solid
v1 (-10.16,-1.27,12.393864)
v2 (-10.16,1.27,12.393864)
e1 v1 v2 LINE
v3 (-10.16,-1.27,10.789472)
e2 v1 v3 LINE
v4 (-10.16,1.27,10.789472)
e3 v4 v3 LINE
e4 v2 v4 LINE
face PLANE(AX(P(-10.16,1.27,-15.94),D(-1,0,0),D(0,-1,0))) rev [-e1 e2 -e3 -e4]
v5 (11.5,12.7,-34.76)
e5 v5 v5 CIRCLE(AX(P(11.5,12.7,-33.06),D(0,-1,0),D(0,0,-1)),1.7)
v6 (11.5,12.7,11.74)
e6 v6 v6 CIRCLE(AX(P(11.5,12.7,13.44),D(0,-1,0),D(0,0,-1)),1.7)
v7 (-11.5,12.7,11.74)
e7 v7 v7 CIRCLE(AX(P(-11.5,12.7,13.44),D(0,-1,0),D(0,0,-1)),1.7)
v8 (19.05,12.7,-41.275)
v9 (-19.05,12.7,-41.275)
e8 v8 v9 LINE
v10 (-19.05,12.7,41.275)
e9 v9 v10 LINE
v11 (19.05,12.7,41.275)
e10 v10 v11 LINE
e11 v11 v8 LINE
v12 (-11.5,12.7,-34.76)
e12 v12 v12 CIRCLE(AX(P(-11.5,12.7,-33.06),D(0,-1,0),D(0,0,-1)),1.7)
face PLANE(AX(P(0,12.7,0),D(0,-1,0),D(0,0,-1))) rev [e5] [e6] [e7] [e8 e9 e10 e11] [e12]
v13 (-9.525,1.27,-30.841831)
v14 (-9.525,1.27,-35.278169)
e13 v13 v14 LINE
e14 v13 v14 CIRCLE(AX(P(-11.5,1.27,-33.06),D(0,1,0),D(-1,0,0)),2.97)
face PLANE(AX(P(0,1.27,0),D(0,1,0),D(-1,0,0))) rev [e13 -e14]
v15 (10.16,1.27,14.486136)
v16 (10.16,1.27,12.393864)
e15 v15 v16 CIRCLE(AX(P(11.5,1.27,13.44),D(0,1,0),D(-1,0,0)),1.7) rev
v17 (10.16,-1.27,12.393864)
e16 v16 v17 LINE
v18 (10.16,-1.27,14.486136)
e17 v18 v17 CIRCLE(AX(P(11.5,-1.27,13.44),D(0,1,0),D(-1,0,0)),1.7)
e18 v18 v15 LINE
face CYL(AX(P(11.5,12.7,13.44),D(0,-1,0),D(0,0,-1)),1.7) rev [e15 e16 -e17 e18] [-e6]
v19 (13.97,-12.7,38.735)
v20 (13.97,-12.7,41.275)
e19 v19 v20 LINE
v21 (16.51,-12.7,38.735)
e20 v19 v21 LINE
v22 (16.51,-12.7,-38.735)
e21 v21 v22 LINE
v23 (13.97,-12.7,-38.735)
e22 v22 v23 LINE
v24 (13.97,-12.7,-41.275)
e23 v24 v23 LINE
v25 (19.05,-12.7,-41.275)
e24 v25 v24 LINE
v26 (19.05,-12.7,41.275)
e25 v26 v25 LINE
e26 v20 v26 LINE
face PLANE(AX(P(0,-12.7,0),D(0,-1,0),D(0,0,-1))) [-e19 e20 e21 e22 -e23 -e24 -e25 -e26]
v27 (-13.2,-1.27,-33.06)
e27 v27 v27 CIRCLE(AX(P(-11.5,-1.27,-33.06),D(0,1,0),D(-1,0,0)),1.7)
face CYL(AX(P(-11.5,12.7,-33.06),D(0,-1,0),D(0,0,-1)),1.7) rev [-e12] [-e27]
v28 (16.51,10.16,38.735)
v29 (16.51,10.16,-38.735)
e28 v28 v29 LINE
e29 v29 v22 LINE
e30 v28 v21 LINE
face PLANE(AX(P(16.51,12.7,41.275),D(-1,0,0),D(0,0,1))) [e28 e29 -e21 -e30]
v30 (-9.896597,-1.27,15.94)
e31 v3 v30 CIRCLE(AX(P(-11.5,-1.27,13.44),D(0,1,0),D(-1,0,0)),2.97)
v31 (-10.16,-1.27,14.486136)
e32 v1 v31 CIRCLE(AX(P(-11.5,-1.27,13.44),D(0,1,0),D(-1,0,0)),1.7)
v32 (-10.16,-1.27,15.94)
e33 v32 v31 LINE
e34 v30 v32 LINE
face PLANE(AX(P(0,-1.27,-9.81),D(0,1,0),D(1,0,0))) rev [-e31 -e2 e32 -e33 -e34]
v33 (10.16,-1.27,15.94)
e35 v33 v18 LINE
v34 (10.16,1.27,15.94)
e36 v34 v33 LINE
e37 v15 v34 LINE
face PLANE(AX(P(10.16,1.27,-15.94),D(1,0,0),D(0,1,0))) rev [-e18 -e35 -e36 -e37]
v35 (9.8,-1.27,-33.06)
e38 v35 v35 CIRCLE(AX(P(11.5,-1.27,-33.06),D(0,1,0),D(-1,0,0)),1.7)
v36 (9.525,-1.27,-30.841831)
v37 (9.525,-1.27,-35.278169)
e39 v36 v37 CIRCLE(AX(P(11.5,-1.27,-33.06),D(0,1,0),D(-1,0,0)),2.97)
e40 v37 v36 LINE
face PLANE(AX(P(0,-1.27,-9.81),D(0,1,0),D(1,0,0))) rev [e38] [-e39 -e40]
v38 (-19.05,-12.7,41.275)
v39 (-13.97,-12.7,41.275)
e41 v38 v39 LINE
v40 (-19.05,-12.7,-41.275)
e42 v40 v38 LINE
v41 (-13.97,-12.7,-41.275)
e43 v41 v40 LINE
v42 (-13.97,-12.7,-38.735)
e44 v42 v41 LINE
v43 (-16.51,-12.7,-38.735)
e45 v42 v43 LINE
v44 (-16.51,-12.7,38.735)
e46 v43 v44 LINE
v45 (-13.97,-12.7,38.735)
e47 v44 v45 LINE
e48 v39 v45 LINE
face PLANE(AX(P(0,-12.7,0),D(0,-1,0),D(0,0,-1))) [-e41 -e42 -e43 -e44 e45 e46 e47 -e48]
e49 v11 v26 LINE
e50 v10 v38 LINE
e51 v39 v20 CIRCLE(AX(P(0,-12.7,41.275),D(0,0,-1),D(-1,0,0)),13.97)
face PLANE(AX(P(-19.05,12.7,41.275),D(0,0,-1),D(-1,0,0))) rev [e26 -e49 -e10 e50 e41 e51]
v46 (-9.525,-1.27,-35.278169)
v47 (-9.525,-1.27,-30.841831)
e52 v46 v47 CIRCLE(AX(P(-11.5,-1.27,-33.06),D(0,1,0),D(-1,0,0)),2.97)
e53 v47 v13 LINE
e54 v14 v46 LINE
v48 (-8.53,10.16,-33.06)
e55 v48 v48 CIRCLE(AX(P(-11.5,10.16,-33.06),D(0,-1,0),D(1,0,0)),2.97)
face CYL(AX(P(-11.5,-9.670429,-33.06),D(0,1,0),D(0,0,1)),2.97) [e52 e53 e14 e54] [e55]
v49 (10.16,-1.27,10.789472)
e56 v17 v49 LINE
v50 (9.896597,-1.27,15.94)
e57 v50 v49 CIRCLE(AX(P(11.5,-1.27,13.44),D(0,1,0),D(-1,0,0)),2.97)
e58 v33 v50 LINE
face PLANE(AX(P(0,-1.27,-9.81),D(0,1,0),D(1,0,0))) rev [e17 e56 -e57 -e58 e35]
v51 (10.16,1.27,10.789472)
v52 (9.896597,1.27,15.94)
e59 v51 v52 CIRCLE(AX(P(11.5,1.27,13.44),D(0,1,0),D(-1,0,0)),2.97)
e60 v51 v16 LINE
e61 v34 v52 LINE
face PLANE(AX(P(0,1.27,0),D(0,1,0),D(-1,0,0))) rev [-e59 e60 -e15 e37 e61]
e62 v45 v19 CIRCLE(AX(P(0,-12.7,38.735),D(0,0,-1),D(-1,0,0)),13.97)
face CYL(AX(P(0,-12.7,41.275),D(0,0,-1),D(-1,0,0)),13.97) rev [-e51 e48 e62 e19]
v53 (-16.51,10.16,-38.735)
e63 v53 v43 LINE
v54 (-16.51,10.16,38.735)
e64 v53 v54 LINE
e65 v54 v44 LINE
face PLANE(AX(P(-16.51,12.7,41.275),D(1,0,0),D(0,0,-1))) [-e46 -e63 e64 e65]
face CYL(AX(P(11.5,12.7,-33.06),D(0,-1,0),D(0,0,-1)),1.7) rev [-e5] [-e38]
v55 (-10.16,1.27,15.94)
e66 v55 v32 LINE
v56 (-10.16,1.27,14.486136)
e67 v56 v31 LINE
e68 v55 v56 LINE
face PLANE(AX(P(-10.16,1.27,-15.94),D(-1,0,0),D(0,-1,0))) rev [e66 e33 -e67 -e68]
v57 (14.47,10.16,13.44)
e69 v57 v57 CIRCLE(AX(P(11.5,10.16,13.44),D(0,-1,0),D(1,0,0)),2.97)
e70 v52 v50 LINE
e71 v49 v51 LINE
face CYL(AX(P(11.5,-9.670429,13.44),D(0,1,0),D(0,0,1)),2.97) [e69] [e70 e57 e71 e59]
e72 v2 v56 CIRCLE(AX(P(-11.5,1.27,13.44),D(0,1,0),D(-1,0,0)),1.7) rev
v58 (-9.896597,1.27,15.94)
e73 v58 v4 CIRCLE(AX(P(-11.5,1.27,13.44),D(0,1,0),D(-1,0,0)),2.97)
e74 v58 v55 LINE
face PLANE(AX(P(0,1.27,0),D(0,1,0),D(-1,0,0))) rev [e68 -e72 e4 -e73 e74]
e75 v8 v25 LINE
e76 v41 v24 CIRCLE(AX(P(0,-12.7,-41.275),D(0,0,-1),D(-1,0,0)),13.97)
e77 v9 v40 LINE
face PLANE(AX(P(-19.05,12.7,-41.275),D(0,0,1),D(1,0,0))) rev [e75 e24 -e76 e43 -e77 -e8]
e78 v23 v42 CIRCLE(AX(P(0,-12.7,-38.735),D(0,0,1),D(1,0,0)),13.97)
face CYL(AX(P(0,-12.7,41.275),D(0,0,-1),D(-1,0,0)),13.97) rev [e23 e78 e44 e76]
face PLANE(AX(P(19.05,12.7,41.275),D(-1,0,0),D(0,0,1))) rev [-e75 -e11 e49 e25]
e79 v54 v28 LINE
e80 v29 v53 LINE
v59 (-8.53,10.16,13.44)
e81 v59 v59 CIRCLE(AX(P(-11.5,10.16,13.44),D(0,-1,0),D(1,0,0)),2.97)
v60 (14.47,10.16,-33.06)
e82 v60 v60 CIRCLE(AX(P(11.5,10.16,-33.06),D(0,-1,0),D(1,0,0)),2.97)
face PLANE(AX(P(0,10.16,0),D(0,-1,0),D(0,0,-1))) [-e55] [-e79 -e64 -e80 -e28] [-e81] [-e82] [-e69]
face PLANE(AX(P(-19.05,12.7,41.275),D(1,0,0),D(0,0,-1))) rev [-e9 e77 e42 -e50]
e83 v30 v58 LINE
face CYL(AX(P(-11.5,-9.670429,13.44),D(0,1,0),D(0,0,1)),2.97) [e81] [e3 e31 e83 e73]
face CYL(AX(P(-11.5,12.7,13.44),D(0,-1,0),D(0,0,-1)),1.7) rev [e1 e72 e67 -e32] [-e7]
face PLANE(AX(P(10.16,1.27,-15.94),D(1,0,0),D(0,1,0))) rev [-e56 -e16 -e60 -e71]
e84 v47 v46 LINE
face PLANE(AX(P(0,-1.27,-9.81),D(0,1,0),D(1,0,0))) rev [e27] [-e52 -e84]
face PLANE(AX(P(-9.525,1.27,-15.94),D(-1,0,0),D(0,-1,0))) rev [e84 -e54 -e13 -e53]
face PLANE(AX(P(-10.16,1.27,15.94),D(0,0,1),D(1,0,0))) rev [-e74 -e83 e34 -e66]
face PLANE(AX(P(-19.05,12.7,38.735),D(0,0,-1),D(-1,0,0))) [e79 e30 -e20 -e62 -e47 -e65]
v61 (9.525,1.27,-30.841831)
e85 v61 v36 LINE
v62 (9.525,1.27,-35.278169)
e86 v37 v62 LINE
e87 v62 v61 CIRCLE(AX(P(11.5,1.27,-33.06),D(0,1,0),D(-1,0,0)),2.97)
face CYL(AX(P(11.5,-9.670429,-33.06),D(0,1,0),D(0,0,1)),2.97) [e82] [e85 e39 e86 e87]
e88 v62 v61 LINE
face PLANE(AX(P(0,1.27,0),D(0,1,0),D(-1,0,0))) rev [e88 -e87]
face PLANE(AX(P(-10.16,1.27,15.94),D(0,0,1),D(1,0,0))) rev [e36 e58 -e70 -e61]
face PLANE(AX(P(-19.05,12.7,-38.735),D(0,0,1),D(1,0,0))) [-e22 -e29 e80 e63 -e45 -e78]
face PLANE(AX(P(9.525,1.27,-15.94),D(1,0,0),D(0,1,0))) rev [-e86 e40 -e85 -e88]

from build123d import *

# Parameters (mm, degrees)
SKETCH1_W           = 38.1
SKETCH1_H           = 82.55
BOSS_EXTRUDE1_DEPTH = 12.7
SHELL1_T            = -2.54
SKETCH2_R           = 13.97
CUT_EXTRUDE1_DEPTH  = 86.666183527
SKETCH3_R           = 1.7
CUT_EXTRUDE2_DEPTH  = 51.883275494
EXTRUDE_THIN1_START = 11.43
SKETCH4_R           = 2.97
SKETCH4_R_2         = 1.7
EXTRUDE_THIN1_DEPTH = 11.43
CUT_EXTRUDE3_DEPTH  = 2.54


with BuildPart() as part:
    # Sketch1 → Boss-Extrude1 (new, symmetric)
    with BuildSketch(Plane(origin=(0, 0, 0), x_dir=(1, 0, 0), z_dir=(0, 1, 0))):
        Rectangle(SKETCH1_W, SKETCH1_H)
    extrude(amount=BOSS_EXTRUDE1_DEPTH, both=True)

    # Shell1
    shell1_openings = [part.faces().sort_by_distance(p)[0] for p in [
        (0, -12.7, 0),
    ]]
    offset(amount=SHELL1_T, openings=shell1_openings, kind=Kind.INTERSECTION)

    # Sketch2 → Cut-Extrude1 (cut, through all)
    with BuildSketch(Plane(origin=(0, 0, -41.275), x_dir=(-1, 0, 0), z_dir=(0, 0, -1))):
        with Locations((0, -12.7)):
            Circle(SKETCH2_R)
    extrude(amount=-CUT_EXTRUDE1_DEPTH, mode=Mode.SUBTRACT)

    # Sketch3 → Cut-Extrude2 (cut, through all)
    with BuildSketch(Plane.XZ.offset(-10.16)):
        with Locations(Location((11.5, 13.44, 0), (0, 0, 270))):
            Circle(SKETCH3_R)
        with Locations(Location((11.5, -33.06, 0), (0, 0, 270))):
            Circle(SKETCH3_R)
        with Locations(Location((-11.5, -33.06, 0), (0, 0, 270))):
            Circle(SKETCH3_R)
        with Locations(Location((-11.5, 13.44, 0), (0, 0, 270))):
            Circle(SKETCH3_R)
    extrude(amount=-CUT_EXTRUDE2_DEPTH, mode=Mode.SUBTRACT)

    # Sketch4 → Extrude-Thin1 (add)
    # profile 1 of 4: a face of its own
    with BuildSketch(Plane.XZ.offset(-10.16).offset(EXTRUDE_THIN1_START)):
        with Locations((11.5, 13.44)):
            Circle(SKETCH4_R)
        with Locations((11.5, 13.44)):
            Circle(SKETCH4_R_2, mode=Mode.SUBTRACT)
    # profile 2 of 4: a face of its own
    with BuildSketch(Plane.XZ.offset(-10.16).offset(EXTRUDE_THIN1_START)):
        with Locations((-11.5, 13.44)):
            Circle(SKETCH4_R)
        with Locations((-11.5, 13.44)):
            Circle(SKETCH4_R_2, mode=Mode.SUBTRACT)
    # profile 3 of 4: a face of its own
    with BuildSketch(Plane.XZ.offset(-10.16).offset(EXTRUDE_THIN1_START)):
        with Locations((-11.5, -33.06)):
            Circle(SKETCH4_R)
        with Locations((-11.5, -33.06)):
            Circle(SKETCH4_R_2, mode=Mode.SUBTRACT)
    # profile 4 of 4: a face of its own
    with BuildSketch(Plane.XZ.offset(-10.16).offset(EXTRUDE_THIN1_START)):
        with Locations((11.5, -33.06)):
            Circle(SKETCH4_R)
        with Locations((11.5, -33.06)):
            Circle(SKETCH4_R_2, mode=Mode.SUBTRACT)
    extrude(amount=-EXTRUDE_THIN1_DEPTH)

    # Sketch5 → Cut-Extrude3 (cut)
    with BuildSketch(Plane.XZ.offset(1.27)):
        Polygon((-10.16, -15.94), (-9.525, -15.94), (-9.525, -36.83), (9.525, -36.83), (9.525, -15.94), (10.16, -15.94), (10.16, 15.94), (-10.16, 15.94), align=None)
    extrude(amount=-CUT_EXTRUDE3_DEPTH, mode=Mode.SUBTRACT)


solid = part.part
